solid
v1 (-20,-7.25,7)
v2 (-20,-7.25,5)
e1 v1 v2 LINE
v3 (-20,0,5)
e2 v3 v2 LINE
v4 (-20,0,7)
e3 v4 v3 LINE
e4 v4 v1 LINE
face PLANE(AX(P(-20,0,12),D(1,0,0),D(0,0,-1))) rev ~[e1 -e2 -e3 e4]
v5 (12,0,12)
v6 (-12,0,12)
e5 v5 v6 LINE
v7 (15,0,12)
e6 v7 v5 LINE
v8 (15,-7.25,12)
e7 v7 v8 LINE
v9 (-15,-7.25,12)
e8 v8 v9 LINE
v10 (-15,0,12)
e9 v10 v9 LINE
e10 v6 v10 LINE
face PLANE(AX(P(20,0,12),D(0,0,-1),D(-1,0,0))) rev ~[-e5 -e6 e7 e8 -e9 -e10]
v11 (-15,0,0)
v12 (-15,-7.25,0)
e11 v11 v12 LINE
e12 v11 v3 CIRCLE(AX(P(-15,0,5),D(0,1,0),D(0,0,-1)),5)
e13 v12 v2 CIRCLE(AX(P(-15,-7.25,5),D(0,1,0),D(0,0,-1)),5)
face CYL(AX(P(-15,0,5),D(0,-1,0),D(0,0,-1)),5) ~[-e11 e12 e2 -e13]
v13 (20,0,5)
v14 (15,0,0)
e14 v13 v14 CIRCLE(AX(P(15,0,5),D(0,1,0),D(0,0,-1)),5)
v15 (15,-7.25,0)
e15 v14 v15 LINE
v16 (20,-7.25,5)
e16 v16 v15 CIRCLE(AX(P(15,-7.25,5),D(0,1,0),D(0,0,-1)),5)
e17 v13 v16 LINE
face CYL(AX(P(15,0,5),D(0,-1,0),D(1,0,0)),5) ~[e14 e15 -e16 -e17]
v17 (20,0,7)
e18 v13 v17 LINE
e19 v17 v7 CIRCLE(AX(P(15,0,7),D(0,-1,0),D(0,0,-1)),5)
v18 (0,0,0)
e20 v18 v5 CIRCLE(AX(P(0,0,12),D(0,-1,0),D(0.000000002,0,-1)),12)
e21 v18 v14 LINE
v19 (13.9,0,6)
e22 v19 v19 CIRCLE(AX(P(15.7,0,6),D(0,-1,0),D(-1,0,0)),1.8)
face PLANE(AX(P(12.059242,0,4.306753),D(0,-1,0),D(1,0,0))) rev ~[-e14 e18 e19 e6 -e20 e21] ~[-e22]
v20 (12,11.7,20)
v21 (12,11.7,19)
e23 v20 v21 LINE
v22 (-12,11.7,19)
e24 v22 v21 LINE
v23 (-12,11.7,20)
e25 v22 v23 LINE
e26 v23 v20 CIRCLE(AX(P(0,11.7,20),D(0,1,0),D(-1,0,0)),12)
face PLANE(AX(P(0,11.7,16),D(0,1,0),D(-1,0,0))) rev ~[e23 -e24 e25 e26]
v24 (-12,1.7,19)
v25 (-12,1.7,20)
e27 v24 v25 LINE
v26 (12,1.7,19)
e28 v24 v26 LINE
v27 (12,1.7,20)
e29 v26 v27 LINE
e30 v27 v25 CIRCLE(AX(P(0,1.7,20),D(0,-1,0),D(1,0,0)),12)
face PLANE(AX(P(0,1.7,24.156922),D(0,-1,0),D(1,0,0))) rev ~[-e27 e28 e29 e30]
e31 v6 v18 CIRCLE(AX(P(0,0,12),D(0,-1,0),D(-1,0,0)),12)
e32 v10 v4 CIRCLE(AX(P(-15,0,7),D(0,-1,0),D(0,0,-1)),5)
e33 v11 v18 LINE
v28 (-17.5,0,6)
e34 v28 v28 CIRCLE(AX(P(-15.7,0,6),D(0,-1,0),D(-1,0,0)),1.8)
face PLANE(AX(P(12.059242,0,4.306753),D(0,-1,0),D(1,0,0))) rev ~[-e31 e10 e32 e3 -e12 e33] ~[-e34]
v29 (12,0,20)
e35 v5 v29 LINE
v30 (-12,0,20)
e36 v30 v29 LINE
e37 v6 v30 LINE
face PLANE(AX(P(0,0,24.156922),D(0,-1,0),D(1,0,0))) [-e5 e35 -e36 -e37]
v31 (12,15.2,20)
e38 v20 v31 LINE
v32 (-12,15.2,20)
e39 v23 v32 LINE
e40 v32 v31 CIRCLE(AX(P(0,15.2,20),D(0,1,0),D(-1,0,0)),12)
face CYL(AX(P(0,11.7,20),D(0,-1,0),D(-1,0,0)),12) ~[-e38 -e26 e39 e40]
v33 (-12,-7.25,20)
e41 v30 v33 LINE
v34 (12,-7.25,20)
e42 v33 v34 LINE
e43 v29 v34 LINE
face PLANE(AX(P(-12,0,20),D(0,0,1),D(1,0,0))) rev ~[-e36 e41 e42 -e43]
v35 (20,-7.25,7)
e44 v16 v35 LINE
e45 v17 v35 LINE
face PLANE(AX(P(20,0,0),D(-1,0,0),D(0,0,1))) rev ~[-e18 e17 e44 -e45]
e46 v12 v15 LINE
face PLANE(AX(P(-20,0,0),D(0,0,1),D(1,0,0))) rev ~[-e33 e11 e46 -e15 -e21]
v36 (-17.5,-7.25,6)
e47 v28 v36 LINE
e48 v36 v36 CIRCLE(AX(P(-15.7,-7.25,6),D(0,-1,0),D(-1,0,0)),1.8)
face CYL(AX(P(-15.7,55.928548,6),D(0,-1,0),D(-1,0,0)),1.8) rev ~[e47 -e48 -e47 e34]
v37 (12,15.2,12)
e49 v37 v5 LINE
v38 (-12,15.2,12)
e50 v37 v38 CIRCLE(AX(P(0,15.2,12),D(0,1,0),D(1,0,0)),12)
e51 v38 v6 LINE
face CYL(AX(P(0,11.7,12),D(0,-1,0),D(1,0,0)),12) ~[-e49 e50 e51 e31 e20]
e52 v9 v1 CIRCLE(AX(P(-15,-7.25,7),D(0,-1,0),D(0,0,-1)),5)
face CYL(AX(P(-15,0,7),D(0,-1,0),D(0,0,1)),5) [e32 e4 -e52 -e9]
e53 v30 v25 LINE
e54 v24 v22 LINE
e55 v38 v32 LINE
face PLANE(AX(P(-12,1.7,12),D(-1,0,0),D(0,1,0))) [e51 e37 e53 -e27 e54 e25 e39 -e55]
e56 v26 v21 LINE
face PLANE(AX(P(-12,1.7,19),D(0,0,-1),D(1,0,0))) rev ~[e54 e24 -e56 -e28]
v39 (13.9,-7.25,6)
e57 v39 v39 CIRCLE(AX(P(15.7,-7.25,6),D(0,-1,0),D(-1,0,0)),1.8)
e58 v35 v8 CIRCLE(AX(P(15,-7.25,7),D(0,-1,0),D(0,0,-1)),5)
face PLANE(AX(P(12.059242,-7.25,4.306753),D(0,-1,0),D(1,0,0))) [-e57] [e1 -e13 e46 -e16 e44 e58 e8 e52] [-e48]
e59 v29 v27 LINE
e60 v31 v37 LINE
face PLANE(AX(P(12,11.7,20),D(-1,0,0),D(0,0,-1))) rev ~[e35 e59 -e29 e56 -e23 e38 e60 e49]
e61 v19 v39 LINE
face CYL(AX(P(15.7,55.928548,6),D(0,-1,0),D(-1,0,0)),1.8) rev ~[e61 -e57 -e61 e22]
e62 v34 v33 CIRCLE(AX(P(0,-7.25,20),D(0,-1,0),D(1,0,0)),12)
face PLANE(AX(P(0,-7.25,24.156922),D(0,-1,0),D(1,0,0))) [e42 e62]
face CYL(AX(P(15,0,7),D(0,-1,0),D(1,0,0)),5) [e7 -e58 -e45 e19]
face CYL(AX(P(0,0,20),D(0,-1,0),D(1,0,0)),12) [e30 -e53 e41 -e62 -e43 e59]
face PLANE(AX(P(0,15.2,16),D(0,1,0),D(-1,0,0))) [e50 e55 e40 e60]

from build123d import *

# Parameters (mm, degrees)
F1_DEPTH  = 7.25
F0_W      = 24
F0_H      = 8
F2_DEPTH  = 1.7
F4_DEPTH  = 10
F6_DEPTH  = 3.5
F7_R      = 5
F9_D      = 3.6
F10_DEPTH = 7


with BuildPart() as f1:
    # F0 (on Front) → F1 (new body)
    with BuildSketch(Plane.XZ):
        with BuildLine():
            Line((20, 12), (12, 12))
            ThreePointArc((12, 12), (8.4852813844, 3.5147186359), (2.86e-08, 0))
            Line((2.86e-08, 0), (20, 0))
            Line((20, 0), (20, 12))
        make_face()
        with BuildLine():
            Line((12, 12), (-12, 12))
            ThreePointArc((-12, 12), (-8.4852813641, 3.5147186156), (2.86e-08, 0))
            ThreePointArc((2.86e-08, 0), (8.4852813844, 3.5147186359), (12, 12))
        make_face()
        with BuildLine():
            Line((-12, 12), (-20, 12))
            Line((-20, 12), (-20, 0))
            Line((-20, 0), (2.86e-08, 0))
            ThreePointArc((2.86e-08, 0), (-8.4852813641, 3.5147186156), (-12, 12))
        make_face()
    extrude(amount=F1_DEPTH)



with BuildPart() as f1b:
    # F0 (on Front) → F1, piece 2 (new body)
    with BuildSketch(Plane.XZ):
        with BuildLine():
            ThreePointArc((12, 20), (0, 32), (-12, 20))
            Line((-12, 20), (12, 20))
        make_face()
    extrude(amount=F1_DEPTH)


with BuildPart() as f1_1:
    add(f1.part)

    add(f1b.part)  # F2 merges F1b
    # F0 (on Front) → F2 (join)
    with BuildSketch(Plane.XZ):
        with BuildLine():
            ThreePointArc((12, 20), (0, 32), (-12, 20))
            Line((-12, 20), (12, 20))
        make_face()
        with Locations((0, 16)):
            Rectangle(F0_W, F0_H)
        with BuildLine():
            Line((12, 12), (-12, 12))
            ThreePointArc((-12, 12), (-8.4852813641, 3.5147186156), (2.86e-08, 0))
            ThreePointArc((2.86e-08, 0), (8.4852813844, 3.5147186359), (12, 12))
        make_face()
    extrude(amount=-F2_DEPTH)

    # F3 (on face) → F4 (join)
    with BuildSketch(Plane(origin=(0, 1.7, 0), x_dir=(-1, 0, 0), z_dir=(0, 1, 0))):
        with BuildLine():
            ThreePointArc((-12, 12), (0, 0), (12, 12))
            Line((12, 12), (-12, 12))
        make_face()
    extrude(amount=F4_DEPTH)

    # F5 (on face) → F6 (join)
    with BuildSketch(Plane(origin=(0, 11.7, 0), x_dir=(-1, 0, 0), z_dir=(0, 1, 0))):
        with BuildLine():
            ThreePointArc((12, 20), (0, 32), (-12, 20))
            Line((-12, 20), (-12, 12))
            ThreePointArc((-12, 12), (0, 0), (12, 12))
            Line((12, 12), (12, 20))
        make_face()
    extrude(amount=F6_DEPTH)

    # F7
    f7_edges = [f1_1.edges().sort_by_distance(p)[0] for p in [
        (-20, -3.625, 12),
        (-20, -3.625, 0),
        (20, -3.625, 12),
        (20, -3.625, 0),
    ]]
    fillet(f7_edges, radius=F7_R)

    # F9 (through all)
    with Locations(Plane(origin=(0, 0, 0), x_dir=(1, 0, 0), z_dir=(0, 1, 0))):
        with Locations((15.7, -6), (-15.7, -6)):
            Hole(F9_D / 2)

    # F10 (add): a face of the model
    f10_faces = [f1_1.faces().sort_by_distance(p)[0] for p in [
        (0, 6.7, 12),
    ]]
    extrude(f10_faces, amount=F10_DEPTH)


solid = f1_1.part
